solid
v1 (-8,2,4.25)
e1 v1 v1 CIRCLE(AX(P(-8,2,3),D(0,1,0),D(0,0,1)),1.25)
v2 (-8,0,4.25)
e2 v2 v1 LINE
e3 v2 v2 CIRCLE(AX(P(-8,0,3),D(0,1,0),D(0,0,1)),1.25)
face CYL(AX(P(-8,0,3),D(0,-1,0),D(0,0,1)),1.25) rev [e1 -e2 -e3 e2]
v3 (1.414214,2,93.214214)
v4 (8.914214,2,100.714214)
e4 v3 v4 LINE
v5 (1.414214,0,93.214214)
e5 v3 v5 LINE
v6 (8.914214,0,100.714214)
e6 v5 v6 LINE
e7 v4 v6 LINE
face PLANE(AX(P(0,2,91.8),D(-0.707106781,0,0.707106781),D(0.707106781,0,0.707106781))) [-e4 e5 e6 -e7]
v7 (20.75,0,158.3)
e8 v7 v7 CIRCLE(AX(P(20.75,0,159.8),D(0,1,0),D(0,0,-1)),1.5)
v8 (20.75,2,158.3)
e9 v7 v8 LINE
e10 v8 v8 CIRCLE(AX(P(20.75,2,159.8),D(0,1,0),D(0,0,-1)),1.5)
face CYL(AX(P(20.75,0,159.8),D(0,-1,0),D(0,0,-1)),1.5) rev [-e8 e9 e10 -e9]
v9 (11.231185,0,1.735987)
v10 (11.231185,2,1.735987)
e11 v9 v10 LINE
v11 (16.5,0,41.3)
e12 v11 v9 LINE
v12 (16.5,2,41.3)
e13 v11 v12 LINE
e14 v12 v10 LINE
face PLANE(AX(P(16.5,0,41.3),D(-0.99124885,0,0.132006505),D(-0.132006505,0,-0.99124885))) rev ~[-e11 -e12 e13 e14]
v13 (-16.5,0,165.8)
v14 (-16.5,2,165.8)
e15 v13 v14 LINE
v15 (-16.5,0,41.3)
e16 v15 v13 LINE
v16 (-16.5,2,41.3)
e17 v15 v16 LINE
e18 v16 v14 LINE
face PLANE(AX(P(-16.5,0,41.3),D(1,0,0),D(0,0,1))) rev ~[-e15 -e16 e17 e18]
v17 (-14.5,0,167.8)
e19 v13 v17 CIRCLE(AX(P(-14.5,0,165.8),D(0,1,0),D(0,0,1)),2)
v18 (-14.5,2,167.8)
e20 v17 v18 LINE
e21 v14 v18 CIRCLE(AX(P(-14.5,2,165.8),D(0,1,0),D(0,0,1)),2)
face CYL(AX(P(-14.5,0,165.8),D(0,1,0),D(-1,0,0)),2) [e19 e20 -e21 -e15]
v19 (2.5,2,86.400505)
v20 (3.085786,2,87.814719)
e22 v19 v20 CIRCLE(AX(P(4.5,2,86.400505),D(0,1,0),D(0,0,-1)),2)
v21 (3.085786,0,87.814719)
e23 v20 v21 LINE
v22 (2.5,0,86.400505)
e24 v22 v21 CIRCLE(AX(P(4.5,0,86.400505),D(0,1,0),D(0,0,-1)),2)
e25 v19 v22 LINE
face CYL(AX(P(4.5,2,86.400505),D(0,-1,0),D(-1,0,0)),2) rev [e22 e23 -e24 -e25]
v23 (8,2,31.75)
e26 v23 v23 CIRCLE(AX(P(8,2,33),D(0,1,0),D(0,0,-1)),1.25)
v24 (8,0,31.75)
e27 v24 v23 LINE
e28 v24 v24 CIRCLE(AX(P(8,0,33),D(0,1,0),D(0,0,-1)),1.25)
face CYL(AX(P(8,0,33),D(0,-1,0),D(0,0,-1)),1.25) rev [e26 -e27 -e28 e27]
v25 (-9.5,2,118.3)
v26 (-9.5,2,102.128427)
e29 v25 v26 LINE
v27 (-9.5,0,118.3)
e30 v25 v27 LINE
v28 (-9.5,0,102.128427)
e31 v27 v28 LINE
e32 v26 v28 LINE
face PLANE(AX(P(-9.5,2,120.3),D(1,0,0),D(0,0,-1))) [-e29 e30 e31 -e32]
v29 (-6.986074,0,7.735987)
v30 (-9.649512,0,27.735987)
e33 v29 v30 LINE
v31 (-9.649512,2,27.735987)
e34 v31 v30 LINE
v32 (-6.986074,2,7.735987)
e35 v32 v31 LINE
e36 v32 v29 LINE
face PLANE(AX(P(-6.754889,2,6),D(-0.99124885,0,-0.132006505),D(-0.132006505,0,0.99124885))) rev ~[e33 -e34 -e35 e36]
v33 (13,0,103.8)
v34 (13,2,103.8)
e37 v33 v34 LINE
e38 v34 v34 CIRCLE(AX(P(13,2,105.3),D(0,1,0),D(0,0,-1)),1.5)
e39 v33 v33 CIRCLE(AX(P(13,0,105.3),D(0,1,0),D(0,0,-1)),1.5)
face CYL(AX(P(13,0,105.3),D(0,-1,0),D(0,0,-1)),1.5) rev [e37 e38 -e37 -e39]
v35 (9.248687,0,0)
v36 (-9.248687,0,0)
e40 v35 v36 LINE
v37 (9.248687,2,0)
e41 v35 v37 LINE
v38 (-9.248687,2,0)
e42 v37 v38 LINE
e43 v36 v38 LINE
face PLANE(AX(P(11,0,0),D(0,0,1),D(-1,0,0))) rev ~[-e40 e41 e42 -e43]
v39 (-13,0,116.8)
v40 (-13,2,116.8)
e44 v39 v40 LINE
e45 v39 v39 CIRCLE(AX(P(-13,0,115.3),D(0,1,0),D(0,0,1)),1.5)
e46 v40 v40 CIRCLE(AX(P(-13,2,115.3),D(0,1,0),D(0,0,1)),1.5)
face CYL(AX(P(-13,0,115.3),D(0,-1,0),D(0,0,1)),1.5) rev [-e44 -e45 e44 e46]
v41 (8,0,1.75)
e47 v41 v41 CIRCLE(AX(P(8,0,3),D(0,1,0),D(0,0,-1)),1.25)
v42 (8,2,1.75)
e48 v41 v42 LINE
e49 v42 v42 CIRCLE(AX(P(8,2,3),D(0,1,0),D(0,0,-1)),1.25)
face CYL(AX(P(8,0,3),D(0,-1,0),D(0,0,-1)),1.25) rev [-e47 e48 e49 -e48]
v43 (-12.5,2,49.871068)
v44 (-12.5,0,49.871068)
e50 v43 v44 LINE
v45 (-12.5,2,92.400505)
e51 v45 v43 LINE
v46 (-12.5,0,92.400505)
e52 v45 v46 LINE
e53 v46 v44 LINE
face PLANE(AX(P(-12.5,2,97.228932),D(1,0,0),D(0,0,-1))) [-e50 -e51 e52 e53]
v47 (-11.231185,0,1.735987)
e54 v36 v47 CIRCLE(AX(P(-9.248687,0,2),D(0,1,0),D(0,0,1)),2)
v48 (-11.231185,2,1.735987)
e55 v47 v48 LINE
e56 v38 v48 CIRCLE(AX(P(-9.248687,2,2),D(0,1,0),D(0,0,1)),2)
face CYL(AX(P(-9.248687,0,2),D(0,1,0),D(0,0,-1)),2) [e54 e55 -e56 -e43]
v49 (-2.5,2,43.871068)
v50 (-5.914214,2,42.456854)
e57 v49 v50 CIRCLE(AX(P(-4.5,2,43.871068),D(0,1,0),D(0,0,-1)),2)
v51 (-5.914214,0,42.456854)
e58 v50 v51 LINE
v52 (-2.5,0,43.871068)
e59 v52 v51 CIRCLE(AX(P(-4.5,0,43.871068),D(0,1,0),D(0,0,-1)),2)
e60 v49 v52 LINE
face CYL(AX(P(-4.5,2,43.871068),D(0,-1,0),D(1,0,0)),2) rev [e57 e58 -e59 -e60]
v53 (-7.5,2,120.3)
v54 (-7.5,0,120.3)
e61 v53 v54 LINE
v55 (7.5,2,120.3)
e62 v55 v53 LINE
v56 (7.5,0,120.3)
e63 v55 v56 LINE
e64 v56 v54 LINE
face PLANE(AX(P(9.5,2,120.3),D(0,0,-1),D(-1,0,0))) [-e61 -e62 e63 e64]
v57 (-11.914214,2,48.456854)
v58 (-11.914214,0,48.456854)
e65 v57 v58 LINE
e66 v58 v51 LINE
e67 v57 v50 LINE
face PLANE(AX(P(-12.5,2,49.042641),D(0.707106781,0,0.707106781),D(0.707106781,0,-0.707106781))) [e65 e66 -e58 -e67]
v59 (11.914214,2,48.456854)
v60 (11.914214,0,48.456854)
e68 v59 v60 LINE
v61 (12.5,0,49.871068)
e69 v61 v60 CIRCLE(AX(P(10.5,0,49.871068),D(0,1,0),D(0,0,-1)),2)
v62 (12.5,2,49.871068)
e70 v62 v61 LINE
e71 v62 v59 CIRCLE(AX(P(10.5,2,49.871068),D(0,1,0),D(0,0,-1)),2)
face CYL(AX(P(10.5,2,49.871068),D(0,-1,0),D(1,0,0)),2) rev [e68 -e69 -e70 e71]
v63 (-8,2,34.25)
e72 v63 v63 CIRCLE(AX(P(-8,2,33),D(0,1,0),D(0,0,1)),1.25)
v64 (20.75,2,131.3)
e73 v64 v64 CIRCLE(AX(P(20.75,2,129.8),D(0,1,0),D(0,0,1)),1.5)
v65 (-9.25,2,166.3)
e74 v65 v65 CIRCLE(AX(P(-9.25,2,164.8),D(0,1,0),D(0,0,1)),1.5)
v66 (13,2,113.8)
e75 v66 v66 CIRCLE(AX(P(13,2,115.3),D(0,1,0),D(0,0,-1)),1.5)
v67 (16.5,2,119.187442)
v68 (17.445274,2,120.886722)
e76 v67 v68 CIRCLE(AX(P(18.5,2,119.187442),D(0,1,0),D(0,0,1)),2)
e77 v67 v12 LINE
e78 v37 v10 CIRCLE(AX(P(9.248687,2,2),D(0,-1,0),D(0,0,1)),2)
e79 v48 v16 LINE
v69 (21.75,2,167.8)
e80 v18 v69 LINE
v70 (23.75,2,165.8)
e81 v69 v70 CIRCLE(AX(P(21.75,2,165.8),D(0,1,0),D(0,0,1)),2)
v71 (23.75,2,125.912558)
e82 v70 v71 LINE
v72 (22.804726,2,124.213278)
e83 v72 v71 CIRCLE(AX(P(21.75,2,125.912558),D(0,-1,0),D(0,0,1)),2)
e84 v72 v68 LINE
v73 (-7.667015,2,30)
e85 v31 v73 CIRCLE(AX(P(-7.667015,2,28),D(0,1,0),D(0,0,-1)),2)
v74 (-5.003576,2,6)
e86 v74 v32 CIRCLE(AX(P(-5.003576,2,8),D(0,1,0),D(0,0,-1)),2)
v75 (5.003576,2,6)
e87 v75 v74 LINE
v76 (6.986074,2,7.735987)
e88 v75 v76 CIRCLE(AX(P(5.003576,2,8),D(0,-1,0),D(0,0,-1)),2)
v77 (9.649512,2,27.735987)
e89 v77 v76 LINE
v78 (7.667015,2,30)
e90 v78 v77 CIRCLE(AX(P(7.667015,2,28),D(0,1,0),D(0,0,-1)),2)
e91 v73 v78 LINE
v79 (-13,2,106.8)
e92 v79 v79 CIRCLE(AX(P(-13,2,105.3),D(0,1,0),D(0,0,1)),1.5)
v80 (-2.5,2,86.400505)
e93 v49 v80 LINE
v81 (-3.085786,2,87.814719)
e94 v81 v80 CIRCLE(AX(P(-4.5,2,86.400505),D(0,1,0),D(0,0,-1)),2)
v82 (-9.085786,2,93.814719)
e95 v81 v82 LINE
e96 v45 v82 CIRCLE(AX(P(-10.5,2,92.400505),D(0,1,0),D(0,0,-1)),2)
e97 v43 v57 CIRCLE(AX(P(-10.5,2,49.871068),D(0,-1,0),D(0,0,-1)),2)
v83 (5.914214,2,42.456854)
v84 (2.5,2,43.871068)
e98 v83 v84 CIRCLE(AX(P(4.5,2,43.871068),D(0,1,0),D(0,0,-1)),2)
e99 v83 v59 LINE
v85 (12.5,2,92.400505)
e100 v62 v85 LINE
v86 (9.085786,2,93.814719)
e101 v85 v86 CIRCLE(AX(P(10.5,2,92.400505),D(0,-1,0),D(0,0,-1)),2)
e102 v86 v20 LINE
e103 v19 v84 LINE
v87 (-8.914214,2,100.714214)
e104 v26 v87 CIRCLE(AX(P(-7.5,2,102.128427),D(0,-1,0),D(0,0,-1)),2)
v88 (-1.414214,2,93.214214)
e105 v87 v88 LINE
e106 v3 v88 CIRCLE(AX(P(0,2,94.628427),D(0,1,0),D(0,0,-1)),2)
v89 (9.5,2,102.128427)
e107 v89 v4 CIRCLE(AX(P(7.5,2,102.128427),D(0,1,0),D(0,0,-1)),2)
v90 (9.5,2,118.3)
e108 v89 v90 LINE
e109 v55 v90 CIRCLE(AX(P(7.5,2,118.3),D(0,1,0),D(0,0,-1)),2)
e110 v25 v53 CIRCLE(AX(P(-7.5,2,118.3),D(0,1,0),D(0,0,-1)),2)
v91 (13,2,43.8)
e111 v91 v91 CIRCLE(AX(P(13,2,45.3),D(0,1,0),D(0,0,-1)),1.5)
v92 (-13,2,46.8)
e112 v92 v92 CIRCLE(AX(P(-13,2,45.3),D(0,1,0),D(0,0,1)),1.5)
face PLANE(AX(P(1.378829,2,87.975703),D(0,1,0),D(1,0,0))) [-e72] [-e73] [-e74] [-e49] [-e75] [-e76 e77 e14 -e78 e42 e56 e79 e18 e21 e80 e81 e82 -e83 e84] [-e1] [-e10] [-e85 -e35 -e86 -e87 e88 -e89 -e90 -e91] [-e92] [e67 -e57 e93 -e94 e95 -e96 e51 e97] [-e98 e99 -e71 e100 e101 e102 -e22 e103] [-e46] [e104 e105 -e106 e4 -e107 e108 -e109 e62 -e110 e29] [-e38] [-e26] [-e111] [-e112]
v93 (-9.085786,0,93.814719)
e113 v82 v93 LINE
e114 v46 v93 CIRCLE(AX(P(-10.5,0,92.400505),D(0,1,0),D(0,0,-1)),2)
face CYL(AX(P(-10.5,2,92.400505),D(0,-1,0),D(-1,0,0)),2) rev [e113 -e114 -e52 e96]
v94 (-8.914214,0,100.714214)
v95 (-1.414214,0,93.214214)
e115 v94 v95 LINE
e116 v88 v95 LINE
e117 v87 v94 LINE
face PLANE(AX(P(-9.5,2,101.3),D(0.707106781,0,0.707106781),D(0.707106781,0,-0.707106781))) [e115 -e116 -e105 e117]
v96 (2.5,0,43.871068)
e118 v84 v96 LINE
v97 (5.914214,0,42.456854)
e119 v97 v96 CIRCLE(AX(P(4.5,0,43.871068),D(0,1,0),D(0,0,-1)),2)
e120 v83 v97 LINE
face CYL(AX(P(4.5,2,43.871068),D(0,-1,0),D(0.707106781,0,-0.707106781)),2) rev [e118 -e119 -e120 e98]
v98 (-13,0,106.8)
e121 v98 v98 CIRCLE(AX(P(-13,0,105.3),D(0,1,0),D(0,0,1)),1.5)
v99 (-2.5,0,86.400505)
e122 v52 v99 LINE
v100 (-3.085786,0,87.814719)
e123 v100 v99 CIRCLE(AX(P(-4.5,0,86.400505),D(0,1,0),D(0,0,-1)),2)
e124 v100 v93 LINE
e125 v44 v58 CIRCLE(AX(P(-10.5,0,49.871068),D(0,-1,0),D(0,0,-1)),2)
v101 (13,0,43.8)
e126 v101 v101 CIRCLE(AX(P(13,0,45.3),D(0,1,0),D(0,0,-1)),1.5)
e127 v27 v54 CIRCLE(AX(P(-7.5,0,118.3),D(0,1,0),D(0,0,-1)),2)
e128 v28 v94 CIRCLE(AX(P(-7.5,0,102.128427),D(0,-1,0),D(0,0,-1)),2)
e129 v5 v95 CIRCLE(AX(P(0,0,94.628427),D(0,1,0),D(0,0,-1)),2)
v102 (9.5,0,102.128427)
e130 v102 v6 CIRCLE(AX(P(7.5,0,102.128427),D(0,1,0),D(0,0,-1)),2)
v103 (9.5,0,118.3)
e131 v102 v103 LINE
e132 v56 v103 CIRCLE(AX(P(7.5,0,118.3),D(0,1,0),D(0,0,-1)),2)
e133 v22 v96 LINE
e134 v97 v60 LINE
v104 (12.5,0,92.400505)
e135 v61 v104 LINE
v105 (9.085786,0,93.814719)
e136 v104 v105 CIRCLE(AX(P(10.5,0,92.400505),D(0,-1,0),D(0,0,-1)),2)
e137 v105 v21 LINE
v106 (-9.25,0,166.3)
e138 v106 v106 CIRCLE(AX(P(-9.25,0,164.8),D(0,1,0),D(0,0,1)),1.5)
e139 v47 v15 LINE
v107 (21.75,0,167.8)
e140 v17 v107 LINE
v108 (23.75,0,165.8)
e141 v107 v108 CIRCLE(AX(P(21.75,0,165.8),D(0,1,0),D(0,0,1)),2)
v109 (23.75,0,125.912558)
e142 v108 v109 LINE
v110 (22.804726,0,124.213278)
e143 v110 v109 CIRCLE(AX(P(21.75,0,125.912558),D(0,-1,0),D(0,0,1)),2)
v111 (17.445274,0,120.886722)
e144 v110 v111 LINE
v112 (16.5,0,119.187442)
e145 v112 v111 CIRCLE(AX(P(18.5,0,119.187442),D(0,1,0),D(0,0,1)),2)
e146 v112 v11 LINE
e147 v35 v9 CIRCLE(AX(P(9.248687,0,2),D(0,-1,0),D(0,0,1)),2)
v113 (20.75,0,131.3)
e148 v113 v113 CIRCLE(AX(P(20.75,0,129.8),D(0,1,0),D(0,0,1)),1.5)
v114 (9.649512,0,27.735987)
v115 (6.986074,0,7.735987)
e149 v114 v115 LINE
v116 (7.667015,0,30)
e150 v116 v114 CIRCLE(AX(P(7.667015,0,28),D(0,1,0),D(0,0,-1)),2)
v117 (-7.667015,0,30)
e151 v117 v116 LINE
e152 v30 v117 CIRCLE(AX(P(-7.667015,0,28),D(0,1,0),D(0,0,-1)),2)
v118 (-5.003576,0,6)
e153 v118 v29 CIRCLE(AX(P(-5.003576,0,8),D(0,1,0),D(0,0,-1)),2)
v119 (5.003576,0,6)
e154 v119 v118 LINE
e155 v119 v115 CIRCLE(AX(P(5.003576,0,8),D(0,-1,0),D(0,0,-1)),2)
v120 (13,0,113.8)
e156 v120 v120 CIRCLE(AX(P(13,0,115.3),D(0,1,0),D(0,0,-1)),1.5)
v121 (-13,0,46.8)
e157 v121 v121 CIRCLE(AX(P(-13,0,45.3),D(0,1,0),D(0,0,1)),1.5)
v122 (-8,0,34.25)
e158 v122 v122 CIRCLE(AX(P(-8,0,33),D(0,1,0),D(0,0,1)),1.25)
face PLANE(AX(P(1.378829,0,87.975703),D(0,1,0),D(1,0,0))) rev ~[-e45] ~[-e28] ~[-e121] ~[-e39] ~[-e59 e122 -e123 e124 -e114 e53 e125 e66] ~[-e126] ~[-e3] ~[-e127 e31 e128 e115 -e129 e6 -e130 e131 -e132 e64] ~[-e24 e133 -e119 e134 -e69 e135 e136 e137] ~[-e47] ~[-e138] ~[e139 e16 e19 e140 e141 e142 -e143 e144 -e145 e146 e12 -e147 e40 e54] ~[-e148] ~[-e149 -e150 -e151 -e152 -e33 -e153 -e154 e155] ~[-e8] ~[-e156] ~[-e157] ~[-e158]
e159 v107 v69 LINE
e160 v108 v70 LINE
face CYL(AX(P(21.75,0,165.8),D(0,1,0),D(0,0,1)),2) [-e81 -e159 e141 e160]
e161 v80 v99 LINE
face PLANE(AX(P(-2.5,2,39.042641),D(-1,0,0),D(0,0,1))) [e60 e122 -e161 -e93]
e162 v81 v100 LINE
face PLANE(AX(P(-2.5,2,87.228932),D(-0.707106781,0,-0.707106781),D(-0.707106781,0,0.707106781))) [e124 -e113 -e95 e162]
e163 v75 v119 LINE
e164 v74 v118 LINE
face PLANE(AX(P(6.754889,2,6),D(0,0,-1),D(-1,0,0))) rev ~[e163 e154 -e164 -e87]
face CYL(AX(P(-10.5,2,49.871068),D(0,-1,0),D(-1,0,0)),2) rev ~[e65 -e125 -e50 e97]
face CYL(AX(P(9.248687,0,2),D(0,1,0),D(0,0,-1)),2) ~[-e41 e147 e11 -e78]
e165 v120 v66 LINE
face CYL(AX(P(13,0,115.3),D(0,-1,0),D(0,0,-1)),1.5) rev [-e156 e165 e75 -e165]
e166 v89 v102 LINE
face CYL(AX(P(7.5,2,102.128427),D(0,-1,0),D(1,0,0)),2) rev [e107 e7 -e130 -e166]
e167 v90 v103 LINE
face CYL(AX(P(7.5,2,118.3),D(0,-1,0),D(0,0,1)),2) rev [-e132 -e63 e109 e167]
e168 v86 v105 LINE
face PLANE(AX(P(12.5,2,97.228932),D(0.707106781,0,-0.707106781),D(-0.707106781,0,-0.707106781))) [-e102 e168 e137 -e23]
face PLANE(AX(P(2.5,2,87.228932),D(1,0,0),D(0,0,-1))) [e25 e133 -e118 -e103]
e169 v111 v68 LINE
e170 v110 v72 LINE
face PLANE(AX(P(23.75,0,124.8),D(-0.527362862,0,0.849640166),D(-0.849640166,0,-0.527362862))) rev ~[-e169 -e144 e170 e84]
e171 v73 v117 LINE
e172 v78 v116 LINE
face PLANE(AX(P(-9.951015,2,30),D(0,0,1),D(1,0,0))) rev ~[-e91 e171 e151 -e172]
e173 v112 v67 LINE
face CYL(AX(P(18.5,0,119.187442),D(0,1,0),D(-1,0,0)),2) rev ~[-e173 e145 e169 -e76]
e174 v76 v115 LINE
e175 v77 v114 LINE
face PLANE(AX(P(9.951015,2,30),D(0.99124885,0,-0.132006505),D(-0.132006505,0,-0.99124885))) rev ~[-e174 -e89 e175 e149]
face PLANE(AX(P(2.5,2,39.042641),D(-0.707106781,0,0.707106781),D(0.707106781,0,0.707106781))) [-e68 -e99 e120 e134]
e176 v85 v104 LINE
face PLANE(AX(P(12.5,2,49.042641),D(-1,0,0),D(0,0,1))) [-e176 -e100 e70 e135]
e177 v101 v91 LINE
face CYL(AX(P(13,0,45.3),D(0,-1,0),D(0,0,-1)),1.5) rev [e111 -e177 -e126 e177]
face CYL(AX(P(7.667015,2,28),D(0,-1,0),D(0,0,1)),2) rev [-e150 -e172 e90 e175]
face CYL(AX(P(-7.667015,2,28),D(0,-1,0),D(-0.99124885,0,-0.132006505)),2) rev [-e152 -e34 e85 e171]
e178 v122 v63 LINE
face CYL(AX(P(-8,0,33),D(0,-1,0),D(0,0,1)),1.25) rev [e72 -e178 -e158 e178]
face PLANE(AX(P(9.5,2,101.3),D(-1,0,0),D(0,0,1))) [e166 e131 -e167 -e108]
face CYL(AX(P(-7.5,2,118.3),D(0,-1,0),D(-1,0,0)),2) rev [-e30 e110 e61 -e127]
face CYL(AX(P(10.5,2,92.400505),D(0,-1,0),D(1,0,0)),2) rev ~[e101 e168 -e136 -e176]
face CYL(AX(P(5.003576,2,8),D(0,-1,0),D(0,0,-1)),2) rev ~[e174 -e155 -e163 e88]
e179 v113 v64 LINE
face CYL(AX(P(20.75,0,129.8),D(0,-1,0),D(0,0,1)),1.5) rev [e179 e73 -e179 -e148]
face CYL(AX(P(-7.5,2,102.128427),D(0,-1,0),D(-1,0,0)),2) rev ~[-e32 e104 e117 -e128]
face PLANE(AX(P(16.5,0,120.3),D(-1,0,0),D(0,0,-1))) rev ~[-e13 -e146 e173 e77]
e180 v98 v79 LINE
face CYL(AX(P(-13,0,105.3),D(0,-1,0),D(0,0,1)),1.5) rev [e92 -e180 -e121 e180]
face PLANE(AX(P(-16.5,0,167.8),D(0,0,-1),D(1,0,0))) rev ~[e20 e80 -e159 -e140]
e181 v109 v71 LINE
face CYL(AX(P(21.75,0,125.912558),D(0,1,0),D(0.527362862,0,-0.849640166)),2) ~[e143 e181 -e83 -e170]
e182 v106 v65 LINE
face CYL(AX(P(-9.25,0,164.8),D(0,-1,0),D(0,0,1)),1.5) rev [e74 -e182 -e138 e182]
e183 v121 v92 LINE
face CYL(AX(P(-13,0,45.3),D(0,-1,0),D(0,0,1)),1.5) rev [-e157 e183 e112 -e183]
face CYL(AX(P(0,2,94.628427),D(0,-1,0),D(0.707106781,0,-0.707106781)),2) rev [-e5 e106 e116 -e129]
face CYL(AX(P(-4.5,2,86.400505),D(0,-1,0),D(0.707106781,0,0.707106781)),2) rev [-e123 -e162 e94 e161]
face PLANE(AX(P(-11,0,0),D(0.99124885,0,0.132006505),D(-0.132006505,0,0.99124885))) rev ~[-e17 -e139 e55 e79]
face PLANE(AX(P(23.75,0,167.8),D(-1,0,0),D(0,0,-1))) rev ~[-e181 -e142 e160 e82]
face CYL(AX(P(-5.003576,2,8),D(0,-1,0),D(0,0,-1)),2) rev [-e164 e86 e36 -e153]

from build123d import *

# Parameters (mm, degrees)
SKETCH_1_R          = 1.25
SKETCH_1_R_2        = 1.5
EXTRUDE_1_DEPTH     = 2
CUT_EXTRUDE_1_DEPTH = 10
FILLET_1_R          = 2


with BuildPart() as part:
    # 草图1 → 凸台-拉伸1 (new body)
    with BuildSketch(Plane(origin=(0, 0, 0), x_dir=(1, 0, 0), z_dir=(0, 1, 0))):
        Polygon((11, 0), (-11, 0), (-16.5, -41.3), (-16.5, -120.3), (-16.5, -167.8), (23.75, -167.8), (23.75, -124.8), (16.5, -120.3), (16.5, -41.3), align=None)
        with Locations(Location((-8, -3, 0), (0, 0, 270))):
            Circle(SKETCH_1_R, mode=Mode.SUBTRACT)
        with Locations(Location((-8, -33, 0), (0, 0, 270))):
            Circle(SKETCH_1_R, mode=Mode.SUBTRACT)
        with Locations(Location((8, -33, 0), (0, 0, 90))):
            Circle(SKETCH_1_R, mode=Mode.SUBTRACT)
        with Locations(Location((8, -3, 0), (0, 0, 90))):
            Circle(SKETCH_1_R, mode=Mode.SUBTRACT)
        with Locations(Location((-13, -45.3, 0), (0, 0, 270))):
            Circle(SKETCH_1_R_2, mode=Mode.SUBTRACT)
        with Locations(Location((-13, -105.3, 0), (0, 0, 270))):
            Circle(SKETCH_1_R_2, mode=Mode.SUBTRACT)
        with Locations(Location((-13, -115.3, 0), (0, 0, 270))):
            Circle(SKETCH_1_R_2, mode=Mode.SUBTRACT)
        with Locations(Location((13, -115.3, 0), (0, 0, 90))):
            Circle(SKETCH_1_R_2, mode=Mode.SUBTRACT)
        with Locations(Location((13, -105.3, 0), (0, 0, 90))):
            Circle(SKETCH_1_R_2, mode=Mode.SUBTRACT)
        with Locations(Location((13, -45.3, 0), (0, 0, 90))):
            Circle(SKETCH_1_R_2, mode=Mode.SUBTRACT)
        with Locations(Location((20.75, -129.8, 0), (0, 0, 270))):
            Circle(SKETCH_1_R_2, mode=Mode.SUBTRACT)
        with Locations(Location((20.75, -159.8, 0), (0, 0, 90))):
            Circle(SKETCH_1_R_2, mode=Mode.SUBTRACT)
        with Locations(Location((-9.25, -164.8, 0), (0, 0, 270))):
            Circle(SKETCH_1_R_2, mode=Mode.SUBTRACT)
    extrude(amount=EXTRUDE_1_DEPTH)

    # 草图2 → 切除-拉伸1 (cut)
    with BuildSketch(Plane(origin=(0, 2, 0), x_dir=(1, 0, 0), z_dir=(0, 1, 0))):
        Polygon((6.754889433, -6), (-6.754889433, -6), (-9.951015341, -30), (9.951015341, -30), align=None)
        Polygon((12.5, -97.228932188), (2.5, -87.228932188), (2.5, -39.042640687), (12.5, -49.042640687), align=None)
        Polygon((-12.5, -49.042640687), (-2.5, -39.042640687), (-2.5, -87.228932188), (-12.5, -97.228932188), align=None)
        Polygon((-9.5, -101.3), (0, -91.8), (9.5, -101.3), (9.5, -120.3), (-9.5, -120.3), align=None)
    extrude(amount=-CUT_EXTRUDE_1_DEPTH, mode=Mode.SUBTRACT)

    # 圆角1
    fillet_1_edges = [part.edges().sort_by_distance(p)[0] for p in [
        (-9.951015341, 1, 30),
        (-6.754889433, 1, 6),
        (6.754889433, 1, 6),
        (9.951015341, 1, 30),
        (0, 1, 91.8),
        (9.5, 1, 101.3),
        (9.5, 1, 120.3),
        (-9.5, 1, 120.3),
        (-9.5, 1, 101.3),
        (12.5, 1, 49.042640687),
        (12.5, 1, 97.228932188),
        (2.5, 1, 87.228932188),
        (2.5, 1, 39.042640687),
        (-12.5, 1, 97.228932188),
        (-12.5, 1, 49.042640687),
        (-2.5, 1, 39.042640687),
        (-2.5, 1, 87.228932188),
        (23.75, 1, 124.8),
        (23.75, 1, 167.8),
        (-16.5, 1, 167.8),
        (-11, 1, 0),
        (11, 1, 0),
        (16.5, 1, 120.3),
    ]]
    fillet(fillet_1_edges, radius=FILLET_1_R)


solid = part.part
